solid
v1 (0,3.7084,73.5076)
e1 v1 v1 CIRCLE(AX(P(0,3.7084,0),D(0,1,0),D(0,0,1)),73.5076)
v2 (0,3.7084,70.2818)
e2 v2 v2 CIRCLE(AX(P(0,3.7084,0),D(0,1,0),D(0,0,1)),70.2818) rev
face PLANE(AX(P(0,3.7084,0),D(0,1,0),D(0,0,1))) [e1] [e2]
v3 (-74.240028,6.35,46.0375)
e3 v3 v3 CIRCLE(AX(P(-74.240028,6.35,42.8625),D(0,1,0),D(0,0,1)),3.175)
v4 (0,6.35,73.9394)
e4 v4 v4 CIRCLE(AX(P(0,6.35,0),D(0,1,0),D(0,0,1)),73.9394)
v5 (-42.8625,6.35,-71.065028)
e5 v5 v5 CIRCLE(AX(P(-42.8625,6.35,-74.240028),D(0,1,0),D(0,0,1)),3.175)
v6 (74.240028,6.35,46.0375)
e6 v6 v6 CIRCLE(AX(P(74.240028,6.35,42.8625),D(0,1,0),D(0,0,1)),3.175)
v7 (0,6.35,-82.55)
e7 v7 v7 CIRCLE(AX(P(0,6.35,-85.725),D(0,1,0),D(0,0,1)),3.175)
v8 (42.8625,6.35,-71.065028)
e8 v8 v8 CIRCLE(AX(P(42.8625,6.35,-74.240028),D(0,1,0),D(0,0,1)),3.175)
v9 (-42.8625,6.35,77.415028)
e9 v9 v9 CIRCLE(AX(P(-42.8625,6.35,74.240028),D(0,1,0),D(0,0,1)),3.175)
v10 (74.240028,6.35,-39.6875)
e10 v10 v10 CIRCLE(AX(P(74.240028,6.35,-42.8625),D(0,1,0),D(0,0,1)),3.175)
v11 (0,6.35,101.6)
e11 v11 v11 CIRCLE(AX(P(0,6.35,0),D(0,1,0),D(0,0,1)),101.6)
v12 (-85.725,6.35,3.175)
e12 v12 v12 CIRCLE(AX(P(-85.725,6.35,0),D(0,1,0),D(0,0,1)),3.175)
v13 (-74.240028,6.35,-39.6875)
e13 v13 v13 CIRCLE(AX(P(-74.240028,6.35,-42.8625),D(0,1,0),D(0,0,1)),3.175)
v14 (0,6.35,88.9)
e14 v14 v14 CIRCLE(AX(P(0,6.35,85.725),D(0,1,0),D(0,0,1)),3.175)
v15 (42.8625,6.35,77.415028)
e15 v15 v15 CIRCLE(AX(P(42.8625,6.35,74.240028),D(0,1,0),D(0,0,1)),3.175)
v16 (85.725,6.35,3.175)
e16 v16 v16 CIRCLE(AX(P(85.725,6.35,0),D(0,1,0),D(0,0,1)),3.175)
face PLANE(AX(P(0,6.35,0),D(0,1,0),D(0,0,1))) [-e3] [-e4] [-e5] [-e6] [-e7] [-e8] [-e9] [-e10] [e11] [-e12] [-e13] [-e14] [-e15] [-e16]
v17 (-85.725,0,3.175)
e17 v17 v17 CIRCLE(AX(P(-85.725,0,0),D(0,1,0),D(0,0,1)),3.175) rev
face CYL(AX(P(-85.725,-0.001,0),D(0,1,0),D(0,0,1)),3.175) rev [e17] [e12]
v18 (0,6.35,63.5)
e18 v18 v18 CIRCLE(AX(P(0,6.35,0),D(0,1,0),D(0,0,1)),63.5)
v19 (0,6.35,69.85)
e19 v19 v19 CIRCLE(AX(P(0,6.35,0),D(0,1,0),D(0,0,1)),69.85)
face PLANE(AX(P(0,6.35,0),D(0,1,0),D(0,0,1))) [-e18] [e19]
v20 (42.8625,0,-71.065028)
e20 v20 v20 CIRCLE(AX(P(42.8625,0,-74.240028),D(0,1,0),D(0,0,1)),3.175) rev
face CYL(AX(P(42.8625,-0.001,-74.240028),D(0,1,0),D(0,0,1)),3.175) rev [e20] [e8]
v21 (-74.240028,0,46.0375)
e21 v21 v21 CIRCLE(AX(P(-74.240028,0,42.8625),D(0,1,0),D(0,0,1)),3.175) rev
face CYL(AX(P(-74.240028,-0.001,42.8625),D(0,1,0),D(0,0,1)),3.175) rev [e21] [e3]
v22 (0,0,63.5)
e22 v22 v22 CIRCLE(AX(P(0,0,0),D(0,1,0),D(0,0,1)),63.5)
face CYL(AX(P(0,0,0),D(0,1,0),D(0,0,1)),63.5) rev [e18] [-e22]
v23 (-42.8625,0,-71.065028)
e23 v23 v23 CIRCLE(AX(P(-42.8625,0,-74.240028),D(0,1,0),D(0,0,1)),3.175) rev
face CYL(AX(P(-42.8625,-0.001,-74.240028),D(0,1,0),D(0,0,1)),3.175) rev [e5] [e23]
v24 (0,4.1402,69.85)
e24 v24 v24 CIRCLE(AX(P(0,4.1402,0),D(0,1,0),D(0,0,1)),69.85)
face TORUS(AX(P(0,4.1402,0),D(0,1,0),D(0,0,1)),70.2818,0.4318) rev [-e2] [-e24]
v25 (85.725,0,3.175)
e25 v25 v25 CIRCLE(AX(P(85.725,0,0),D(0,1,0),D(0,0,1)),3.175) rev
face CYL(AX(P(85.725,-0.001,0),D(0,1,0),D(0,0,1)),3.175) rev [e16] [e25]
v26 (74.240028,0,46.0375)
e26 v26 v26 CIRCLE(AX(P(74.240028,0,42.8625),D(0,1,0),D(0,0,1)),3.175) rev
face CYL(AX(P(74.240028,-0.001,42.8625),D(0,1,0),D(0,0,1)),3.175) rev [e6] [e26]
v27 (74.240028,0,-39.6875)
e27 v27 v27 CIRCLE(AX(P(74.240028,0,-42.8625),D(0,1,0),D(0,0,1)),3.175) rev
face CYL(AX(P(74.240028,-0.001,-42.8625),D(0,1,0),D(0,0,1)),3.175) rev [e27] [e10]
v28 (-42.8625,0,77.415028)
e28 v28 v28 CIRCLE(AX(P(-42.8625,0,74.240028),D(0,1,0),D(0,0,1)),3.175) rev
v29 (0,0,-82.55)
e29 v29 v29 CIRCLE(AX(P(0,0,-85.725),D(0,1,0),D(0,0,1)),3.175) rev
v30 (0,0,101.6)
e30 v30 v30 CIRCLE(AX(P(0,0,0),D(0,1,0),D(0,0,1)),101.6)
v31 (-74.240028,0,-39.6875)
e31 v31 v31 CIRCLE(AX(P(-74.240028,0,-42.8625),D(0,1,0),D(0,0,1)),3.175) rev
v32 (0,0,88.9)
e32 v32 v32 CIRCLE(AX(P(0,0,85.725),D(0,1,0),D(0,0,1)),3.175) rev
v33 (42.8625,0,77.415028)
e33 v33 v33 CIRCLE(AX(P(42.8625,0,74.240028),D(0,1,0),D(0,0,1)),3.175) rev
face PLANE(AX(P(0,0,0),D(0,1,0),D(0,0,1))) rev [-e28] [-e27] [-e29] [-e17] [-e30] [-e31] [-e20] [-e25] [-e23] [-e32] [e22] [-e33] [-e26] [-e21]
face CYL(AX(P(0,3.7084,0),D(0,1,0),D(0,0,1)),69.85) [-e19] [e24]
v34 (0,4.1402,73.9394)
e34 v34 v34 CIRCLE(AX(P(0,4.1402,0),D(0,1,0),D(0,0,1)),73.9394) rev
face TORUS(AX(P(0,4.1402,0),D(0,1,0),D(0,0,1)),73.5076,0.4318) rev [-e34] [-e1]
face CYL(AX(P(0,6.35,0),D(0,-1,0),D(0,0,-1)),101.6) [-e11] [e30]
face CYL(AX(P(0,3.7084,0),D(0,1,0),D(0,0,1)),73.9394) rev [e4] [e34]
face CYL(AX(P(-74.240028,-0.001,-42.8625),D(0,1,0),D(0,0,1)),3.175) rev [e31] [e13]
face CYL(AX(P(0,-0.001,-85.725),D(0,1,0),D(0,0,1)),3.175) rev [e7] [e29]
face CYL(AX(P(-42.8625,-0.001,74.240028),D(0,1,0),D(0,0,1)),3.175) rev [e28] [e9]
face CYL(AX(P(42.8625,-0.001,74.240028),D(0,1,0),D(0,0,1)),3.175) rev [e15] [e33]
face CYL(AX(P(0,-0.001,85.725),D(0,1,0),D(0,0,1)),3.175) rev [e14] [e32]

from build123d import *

# Parameters (mm, degrees)
SKETCH1_R           = 101.6
BOSS_EXTRUDE1_DEPTH = 6.35
SKETCH2_R           = 63.5
CUT_EXTRUDE1_DEPTH  = 144.824345992
CUT_EXTRUDE2_REACH  = 145.824
SKETCH3_R           = 3.175
SKETCH4_R           = 73.9394
SKETCH4_R_2         = 69.85
CUT_EXTRUDE3_DEPTH  = 2.6416
FILLET1_R           = 0.4318


with BuildPart() as part:
    # Sketch1 → Boss-Extrude1 (new body)
    with BuildSketch(Plane(origin=(0, 0, 0), x_dir=(1, 0, 0), z_dir=(0, 1, 0))):
        with Locations(Location((0, 0, 0), (0, 0, 270))):
            Circle(SKETCH1_R)
    extrude(amount=BOSS_EXTRUDE1_DEPTH)

    # Sketch2 → Cut-Extrude1 (cut, through all)
    with BuildSketch(Plane(origin=(0, 6.35, 0), x_dir=(1, 0, 0), z_dir=(0, 1, 0))):
        with Locations(Location((0, 0, 0), (0, 0, 270))):
            Circle(SKETCH2_R)
    extrude(amount=-CUT_EXTRUDE1_DEPTH, mode=Mode.SUBTRACT)

    # Sketch3 → Cut-Extrude2 (cut, up to next)
    with BuildSketch(Plane(origin=(0, 6.35, 0), x_dir=(1, 0, 0), z_dir=(0, 1, 0)), mode=Mode.PRIVATE) as cut_extrude2_sk1:
        with Locations(Location((0, 85.725, 0), (0, 0, 270))):
            Circle(SKETCH3_R)
    cut_extrude2_tool1 = extrude(cut_extrude2_sk1.sketch, amount=-CUT_EXTRUDE2_REACH, mode=Mode.PRIVATE) & part.part
    # Sketch3 → Cut-Extrude2 (cut, up to next)
    with BuildSketch(Plane(origin=(0, 6.35, 0), x_dir=(1, 0, 0), z_dir=(0, 1, 0)), mode=Mode.PRIVATE) as cut_extrude2_sk2:
        with Locations(Location((42.8625, 74.240027739, 0), (0, 0, 270))):
            Circle(SKETCH3_R)
    cut_extrude2_tool2 = extrude(cut_extrude2_sk2.sketch, amount=-CUT_EXTRUDE2_REACH, mode=Mode.PRIVATE) & part.part
    # Sketch3 → Cut-Extrude2 (cut, up to next)
    with BuildSketch(Plane(origin=(0, 6.35, 0), x_dir=(1, 0, 0), z_dir=(0, 1, 0)), mode=Mode.PRIVATE) as cut_extrude2_sk3:
        with Locations(Location((74.240027739, 42.8625, 0), (0, 0, 270))):
            Circle(SKETCH3_R)
    cut_extrude2_tool3 = extrude(cut_extrude2_sk3.sketch, amount=-CUT_EXTRUDE2_REACH, mode=Mode.PRIVATE) & part.part
    # Sketch3 → Cut-Extrude2 (cut, up to next)
    with BuildSketch(Plane(origin=(0, 6.35, 0), x_dir=(1, 0, 0), z_dir=(0, 1, 0)), mode=Mode.PRIVATE) as cut_extrude2_sk4:
        with Locations(Location((85.725, 0, 0), (0, 0, 270))):
            Circle(SKETCH3_R)
    cut_extrude2_tool4 = extrude(cut_extrude2_sk4.sketch, amount=-CUT_EXTRUDE2_REACH, mode=Mode.PRIVATE) & part.part
    # Sketch3 → Cut-Extrude2 (cut, up to next)
    with BuildSketch(Plane(origin=(0, 6.35, 0), x_dir=(1, 0, 0), z_dir=(0, 1, 0)), mode=Mode.PRIVATE) as cut_extrude2_sk5:
        with Locations(Location((74.240027739, -42.8625, 0), (0, 0, 270))):
            Circle(SKETCH3_R)
    cut_extrude2_tool5 = extrude(cut_extrude2_sk5.sketch, amount=-CUT_EXTRUDE2_REACH, mode=Mode.PRIVATE) & part.part
    # Sketch3 → Cut-Extrude2 (cut, up to next)
    with BuildSketch(Plane(origin=(0, 6.35, 0), x_dir=(1, 0, 0), z_dir=(0, 1, 0)), mode=Mode.PRIVATE) as cut_extrude2_sk6:
        with Locations(Location((42.8625, -74.240027739, 0), (0, 0, 270))):
            Circle(SKETCH3_R)
    cut_extrude2_tool6 = extrude(cut_extrude2_sk6.sketch, amount=-CUT_EXTRUDE2_REACH, mode=Mode.PRIVATE) & part.part
    # Sketch3 → Cut-Extrude2 (cut, up to next)
    with BuildSketch(Plane(origin=(0, 6.35, 0), x_dir=(1, 0, 0), z_dir=(0, 1, 0)), mode=Mode.PRIVATE) as cut_extrude2_sk7:
        with Locations(Location((0, -85.725, 0), (0, 0, 270))):
            Circle(SKETCH3_R)
    cut_extrude2_tool7 = extrude(cut_extrude2_sk7.sketch, amount=-CUT_EXTRUDE2_REACH, mode=Mode.PRIVATE) & part.part
    # Sketch3 → Cut-Extrude2 (cut, up to next)
    with BuildSketch(Plane(origin=(0, 6.35, 0), x_dir=(1, 0, 0), z_dir=(0, 1, 0)), mode=Mode.PRIVATE) as cut_extrude2_sk8:
        with Locations(Location((-42.8625, -74.240027739, 0), (0, 0, 270))):
            Circle(SKETCH3_R)
    cut_extrude2_tool8 = extrude(cut_extrude2_sk8.sketch, amount=-CUT_EXTRUDE2_REACH, mode=Mode.PRIVATE) & part.part
    # Sketch3 → Cut-Extrude2 (cut, up to next)
    with BuildSketch(Plane(origin=(0, 6.35, 0), x_dir=(1, 0, 0), z_dir=(0, 1, 0)), mode=Mode.PRIVATE) as cut_extrude2_sk9:
        with Locations(Location((-74.240027739, -42.8625, 0), (0, 0, 270))):
            Circle(SKETCH3_R)
    cut_extrude2_tool9 = extrude(cut_extrude2_sk9.sketch, amount=-CUT_EXTRUDE2_REACH, mode=Mode.PRIVATE) & part.part
    # Sketch3 → Cut-Extrude2 (cut, up to next)
    with BuildSketch(Plane(origin=(0, 6.35, 0), x_dir=(1, 0, 0), z_dir=(0, 1, 0)), mode=Mode.PRIVATE) as cut_extrude2_sk10:
        with Locations(Location((-85.725, 0, 0), (0, 0, 270))):
            Circle(SKETCH3_R)
    cut_extrude2_tool10 = extrude(cut_extrude2_sk10.sketch, amount=-CUT_EXTRUDE2_REACH, mode=Mode.PRIVATE) & part.part
    # Sketch3 → Cut-Extrude2 (cut, up to next)
    with BuildSketch(Plane(origin=(0, 6.35, 0), x_dir=(1, 0, 0), z_dir=(0, 1, 0)), mode=Mode.PRIVATE) as cut_extrude2_sk11:
        with Locations(Location((-74.240027739, 42.8625, 0), (0, 0, 270))):
            Circle(SKETCH3_R)
    cut_extrude2_tool11 = extrude(cut_extrude2_sk11.sketch, amount=-CUT_EXTRUDE2_REACH, mode=Mode.PRIVATE) & part.part
    # Sketch3 → Cut-Extrude2 (cut, up to next)
    with BuildSketch(Plane(origin=(0, 6.35, 0), x_dir=(1, 0, 0), z_dir=(0, 1, 0)), mode=Mode.PRIVATE) as cut_extrude2_sk12:
        with Locations(Location((-42.8625, 74.240027739, 0), (0, 0, 270))):
            Circle(SKETCH3_R)
    cut_extrude2_tool12 = extrude(cut_extrude2_sk12.sketch, amount=-CUT_EXTRUDE2_REACH, mode=Mode.PRIVATE) & part.part
    add(cut_extrude2_tool1.solids().sort_by_distance((0, 6.35, -85.725))[0], mode=Mode.SUBTRACT)
    add(cut_extrude2_tool2.solids().sort_by_distance((42.8625, 6.35, -74.240028))[0], mode=Mode.SUBTRACT)
    add(cut_extrude2_tool3.solids().sort_by_distance((74.240028, 6.35, -42.8625))[0], mode=Mode.SUBTRACT)
    add(cut_extrude2_tool4.solids().sort_by_distance((85.725, 6.35, 0))[0], mode=Mode.SUBTRACT)
    add(cut_extrude2_tool5.solids().sort_by_distance((74.240028, 6.35, 42.8625))[0], mode=Mode.SUBTRACT)
    add(cut_extrude2_tool6.solids().sort_by_distance((42.8625, 6.35, 74.240028))[0], mode=Mode.SUBTRACT)
    add(cut_extrude2_tool7.solids().sort_by_distance((0, 6.35, 85.725))[0], mode=Mode.SUBTRACT)
    add(cut_extrude2_tool8.solids().sort_by_distance((-42.8625, 6.35, 74.240028))[0], mode=Mode.SUBTRACT)
    add(cut_extrude2_tool9.solids().sort_by_distance((-74.240028, 6.35, 42.8625))[0], mode=Mode.SUBTRACT)
    add(cut_extrude2_tool10.solids().sort_by_distance((-85.725, 6.35, 0))[0], mode=Mode.SUBTRACT)
    add(cut_extrude2_tool11.solids().sort_by_distance((-74.240028, 6.35, -42.8625))[0], mode=Mode.SUBTRACT)
    add(cut_extrude2_tool12.solids().sort_by_distance((-42.8625, 6.35, -74.240028))[0], mode=Mode.SUBTRACT)

    # Sketch4 → Cut-Extrude3 (cut)
    with BuildSketch(Plane(origin=(0, 6.35, 0), x_dir=(1, 0, 0), z_dir=(0, 1, 0))):
        with Locations(Location((0, 0, 0), (0, 0, 270))):
            Circle(SKETCH4_R)
        with Locations(Location((0, 0, 0), (0, 0, 270))):
            Circle(SKETCH4_R_2, mode=Mode.SUBTRACT)
    extrude(amount=-CUT_EXTRUDE3_DEPTH, mode=Mode.SUBTRACT)

    # Fillet1
    fillet1_edges = [part.edges().sort_by_distance(p)[0] for p in [
        (0, 3.7084, -73.9394),
        (0, 3.7084, -69.85),
    ]]
    fillet(fillet1_edges, radius=FILLET1_R)


solid = part.part
